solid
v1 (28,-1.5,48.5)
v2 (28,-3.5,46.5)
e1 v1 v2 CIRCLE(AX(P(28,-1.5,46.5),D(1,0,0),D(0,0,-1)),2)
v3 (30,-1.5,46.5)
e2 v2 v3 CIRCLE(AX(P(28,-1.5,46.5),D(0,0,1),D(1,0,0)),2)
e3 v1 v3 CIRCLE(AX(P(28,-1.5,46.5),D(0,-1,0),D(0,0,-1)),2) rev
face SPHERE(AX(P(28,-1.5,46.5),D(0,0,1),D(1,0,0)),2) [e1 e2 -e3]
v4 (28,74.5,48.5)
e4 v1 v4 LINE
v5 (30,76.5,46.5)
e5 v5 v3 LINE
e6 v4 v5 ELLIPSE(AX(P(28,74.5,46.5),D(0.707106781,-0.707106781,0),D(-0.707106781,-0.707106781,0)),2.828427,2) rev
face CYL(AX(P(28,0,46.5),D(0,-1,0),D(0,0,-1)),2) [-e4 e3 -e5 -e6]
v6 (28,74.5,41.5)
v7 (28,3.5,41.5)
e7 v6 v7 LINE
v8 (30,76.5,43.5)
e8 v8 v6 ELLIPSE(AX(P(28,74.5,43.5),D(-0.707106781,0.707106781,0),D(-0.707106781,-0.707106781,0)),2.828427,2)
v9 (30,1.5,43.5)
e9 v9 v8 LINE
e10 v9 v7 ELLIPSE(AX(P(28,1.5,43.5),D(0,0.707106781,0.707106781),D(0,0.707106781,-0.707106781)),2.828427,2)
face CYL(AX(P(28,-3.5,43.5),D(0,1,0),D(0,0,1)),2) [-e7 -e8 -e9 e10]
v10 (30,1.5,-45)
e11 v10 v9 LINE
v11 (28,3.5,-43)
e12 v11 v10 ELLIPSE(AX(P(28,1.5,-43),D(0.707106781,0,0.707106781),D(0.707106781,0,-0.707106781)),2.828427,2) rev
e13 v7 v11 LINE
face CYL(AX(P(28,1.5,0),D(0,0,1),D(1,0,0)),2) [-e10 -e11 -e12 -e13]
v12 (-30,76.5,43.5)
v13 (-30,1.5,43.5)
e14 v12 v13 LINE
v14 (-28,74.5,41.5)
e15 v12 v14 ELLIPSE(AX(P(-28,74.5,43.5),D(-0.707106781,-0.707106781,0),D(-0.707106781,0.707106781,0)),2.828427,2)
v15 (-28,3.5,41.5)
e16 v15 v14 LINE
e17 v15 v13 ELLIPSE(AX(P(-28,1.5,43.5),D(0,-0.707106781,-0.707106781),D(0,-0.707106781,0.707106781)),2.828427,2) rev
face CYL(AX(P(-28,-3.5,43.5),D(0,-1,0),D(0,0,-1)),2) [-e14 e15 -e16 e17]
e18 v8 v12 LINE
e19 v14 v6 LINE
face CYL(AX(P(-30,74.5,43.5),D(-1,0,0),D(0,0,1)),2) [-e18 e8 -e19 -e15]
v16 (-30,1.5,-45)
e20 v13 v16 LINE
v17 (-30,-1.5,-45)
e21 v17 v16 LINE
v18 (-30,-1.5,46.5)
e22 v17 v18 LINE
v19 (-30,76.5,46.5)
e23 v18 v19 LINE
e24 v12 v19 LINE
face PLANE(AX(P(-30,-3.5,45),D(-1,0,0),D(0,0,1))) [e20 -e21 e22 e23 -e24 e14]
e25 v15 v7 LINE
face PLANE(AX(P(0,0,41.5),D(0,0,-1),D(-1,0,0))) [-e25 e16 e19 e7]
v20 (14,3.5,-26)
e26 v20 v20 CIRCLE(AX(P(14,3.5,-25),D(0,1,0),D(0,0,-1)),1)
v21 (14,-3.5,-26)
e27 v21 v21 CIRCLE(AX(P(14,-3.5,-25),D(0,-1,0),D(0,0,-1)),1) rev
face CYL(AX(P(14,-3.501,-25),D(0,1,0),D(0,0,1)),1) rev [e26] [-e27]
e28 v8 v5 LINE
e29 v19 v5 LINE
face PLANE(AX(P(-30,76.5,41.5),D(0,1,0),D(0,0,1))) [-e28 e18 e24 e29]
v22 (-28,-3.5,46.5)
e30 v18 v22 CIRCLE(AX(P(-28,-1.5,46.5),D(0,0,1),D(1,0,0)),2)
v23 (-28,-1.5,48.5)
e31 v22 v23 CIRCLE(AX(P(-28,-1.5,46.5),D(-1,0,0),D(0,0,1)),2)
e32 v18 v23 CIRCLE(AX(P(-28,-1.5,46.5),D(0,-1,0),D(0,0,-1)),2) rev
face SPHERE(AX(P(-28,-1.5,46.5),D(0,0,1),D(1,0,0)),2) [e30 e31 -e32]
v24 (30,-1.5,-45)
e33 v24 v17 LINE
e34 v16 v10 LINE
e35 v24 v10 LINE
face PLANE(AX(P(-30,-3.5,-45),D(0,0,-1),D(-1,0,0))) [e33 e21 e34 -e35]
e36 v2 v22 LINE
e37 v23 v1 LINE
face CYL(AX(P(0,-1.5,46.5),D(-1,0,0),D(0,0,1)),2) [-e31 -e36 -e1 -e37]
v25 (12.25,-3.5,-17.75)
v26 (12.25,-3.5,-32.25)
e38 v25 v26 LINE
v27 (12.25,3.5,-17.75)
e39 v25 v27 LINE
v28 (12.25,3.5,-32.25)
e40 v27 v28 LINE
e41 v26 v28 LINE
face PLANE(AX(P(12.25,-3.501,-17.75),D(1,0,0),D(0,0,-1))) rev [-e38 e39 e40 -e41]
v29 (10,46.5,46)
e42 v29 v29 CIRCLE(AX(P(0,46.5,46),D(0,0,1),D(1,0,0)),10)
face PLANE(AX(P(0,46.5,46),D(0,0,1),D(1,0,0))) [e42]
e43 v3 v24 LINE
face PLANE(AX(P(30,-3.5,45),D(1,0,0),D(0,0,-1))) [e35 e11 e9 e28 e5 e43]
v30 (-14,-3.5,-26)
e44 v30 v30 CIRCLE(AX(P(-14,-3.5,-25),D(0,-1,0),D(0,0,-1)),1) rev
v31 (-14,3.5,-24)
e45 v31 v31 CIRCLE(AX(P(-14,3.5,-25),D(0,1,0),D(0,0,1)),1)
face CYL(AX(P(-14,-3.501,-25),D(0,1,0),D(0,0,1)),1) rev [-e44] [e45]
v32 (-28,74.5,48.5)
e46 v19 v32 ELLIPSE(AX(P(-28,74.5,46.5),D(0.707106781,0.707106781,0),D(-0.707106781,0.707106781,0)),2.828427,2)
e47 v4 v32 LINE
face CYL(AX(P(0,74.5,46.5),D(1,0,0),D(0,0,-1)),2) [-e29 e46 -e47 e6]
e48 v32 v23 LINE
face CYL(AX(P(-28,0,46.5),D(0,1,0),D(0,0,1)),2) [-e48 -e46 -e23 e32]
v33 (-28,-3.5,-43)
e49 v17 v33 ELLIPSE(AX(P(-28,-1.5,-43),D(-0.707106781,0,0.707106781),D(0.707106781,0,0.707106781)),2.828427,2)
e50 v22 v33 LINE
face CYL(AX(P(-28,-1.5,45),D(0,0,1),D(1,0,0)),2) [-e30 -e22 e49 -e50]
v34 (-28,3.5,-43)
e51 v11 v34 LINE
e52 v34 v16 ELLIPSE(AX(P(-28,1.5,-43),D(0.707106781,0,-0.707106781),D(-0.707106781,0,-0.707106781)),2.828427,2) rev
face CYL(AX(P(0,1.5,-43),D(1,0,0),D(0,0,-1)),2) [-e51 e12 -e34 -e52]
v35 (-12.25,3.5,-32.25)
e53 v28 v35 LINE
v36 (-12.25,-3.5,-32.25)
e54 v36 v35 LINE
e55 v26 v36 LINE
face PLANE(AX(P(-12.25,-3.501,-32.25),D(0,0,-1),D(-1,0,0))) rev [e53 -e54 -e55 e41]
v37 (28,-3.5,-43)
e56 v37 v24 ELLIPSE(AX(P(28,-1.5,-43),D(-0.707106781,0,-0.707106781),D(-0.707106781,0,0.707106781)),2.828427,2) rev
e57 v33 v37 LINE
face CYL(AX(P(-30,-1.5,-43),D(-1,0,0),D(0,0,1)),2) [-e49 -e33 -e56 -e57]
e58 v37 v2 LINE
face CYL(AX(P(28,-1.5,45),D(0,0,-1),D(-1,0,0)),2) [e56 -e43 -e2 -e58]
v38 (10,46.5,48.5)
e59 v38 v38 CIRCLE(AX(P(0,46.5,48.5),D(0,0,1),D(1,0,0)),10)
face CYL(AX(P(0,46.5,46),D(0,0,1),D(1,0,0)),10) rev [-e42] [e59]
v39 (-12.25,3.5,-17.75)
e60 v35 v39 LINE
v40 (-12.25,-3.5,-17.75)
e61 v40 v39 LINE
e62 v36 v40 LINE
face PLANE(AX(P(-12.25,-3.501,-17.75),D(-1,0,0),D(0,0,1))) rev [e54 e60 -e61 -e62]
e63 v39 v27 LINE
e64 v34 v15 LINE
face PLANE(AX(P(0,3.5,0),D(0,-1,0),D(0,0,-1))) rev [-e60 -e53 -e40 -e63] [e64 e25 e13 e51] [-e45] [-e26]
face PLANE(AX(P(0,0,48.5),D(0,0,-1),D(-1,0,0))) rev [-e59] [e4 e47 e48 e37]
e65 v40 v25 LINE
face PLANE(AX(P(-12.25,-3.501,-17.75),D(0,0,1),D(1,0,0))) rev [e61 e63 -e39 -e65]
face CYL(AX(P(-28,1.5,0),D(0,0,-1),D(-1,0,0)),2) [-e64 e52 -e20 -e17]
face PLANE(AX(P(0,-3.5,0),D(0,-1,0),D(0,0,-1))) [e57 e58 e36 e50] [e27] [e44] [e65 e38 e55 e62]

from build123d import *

# Parameters (mm, degrees)
BASE_DEPTH              = 3.5
BASE_DEPTH_BACK         = 3.5
CROQUIS1_W              = 60
CROQUIS1_H              = 90
AGUJERO_SERVO_REACH     = 56.534
CROQUIS2_R              = 1
CROQUIS2_W              = 24.5
CROQUIS2_H              = 14.5
PARED_DEPTH             = 3.5
PARED_DEPTH_BACK        = 3.5
CROQUIS3_W              = 60
CROQUIS3_H              = 80
REDONDEO2_R             = 2
CROQUIS4_R              = 10
RECORTENUEVOSERVO_DEPTH = 2.5


with BuildPart() as part:
    # Croquis1 → Base (new, two sides: drawn at the far end of the back side and taken through both)
    with BuildSketch(Plane(origin=(0, 0, 0), x_dir=(1, 0, 0), z_dir=(0, 1, 0)).offset(-BASE_DEPTH_BACK)):
        Rectangle(CROQUIS1_W, CROQUIS1_H)
    extrude(amount=BASE_DEPTH + BASE_DEPTH_BACK)

    # Croquis2 → Agujero Servo (cut, up to next)
    with BuildSketch(Plane(origin=(0, 3.5, 0), x_dir=(1, 0, 0), z_dir=(0, 1, 0)), mode=Mode.PRIVATE) as agujero_servo_sk1:
        with Locations((-14, 25)):
            Circle(CROQUIS2_R)
    agujero_servo_tool1 = extrude(agujero_servo_sk1.sketch, amount=-AGUJERO_SERVO_REACH, mode=Mode.PRIVATE) & part.part
    # Croquis2 → Agujero Servo (cut, up to next)
    with BuildSketch(Plane(origin=(0, 3.5, 0), x_dir=(1, 0, 0), z_dir=(0, 1, 0)), mode=Mode.PRIVATE) as agujero_servo_sk2:
        with Locations((14, 25)):
            Circle(CROQUIS2_R)
    agujero_servo_tool2 = extrude(agujero_servo_sk2.sketch, amount=-AGUJERO_SERVO_REACH, mode=Mode.PRIVATE) & part.part
    # Croquis2 → Agujero Servo (cut, up to next)
    with BuildSketch(Plane(origin=(0, 3.5, 0), x_dir=(1, 0, 0), z_dir=(0, 1, 0)), mode=Mode.PRIVATE) as agujero_servo_sk3:
        with Locations((0, 25)):
            Rectangle(CROQUIS2_W, CROQUIS2_H)
    agujero_servo_tool3 = extrude(agujero_servo_sk3.sketch, amount=-AGUJERO_SERVO_REACH, mode=Mode.PRIVATE) & part.part
    add(agujero_servo_tool1.solids().sort_by_distance((-14, 3.5, -25))[0], mode=Mode.SUBTRACT)
    add(agujero_servo_tool2.solids().sort_by_distance((14, 3.5, -25))[0], mode=Mode.SUBTRACT)
    add(agujero_servo_tool3.solids().sort_by_distance((0, 3.5, -25))[0], mode=Mode.SUBTRACT)

    # Croquis3 → Pared (add, two sides: drawn at the far end of the back side and taken through both)
    with BuildSketch(Plane.XY.offset(45).offset(-PARED_DEPTH_BACK)):
        with Locations((0, 36.5)):
            Rectangle(CROQUIS3_W, CROQUIS3_H)
    extrude(amount=PARED_DEPTH + PARED_DEPTH_BACK)

    # Redondeo2
    redondeo2_edges = [part.edges().sort_by_distance(p)[0] for p in [
        (0, 76.5, 48.5),
        (30, 36.5, 48.5),
        (0, -3.5, 48.5),
        (-30, 36.5, 48.5),
        (-30, 40, 41.5),
        (30, 40, 41.5),
        (0, 76.5, 41.5),
        (30, -3.5, 1.75),
        (30, 3.5, -1.75),
        (0, -3.5, -45),
        (0, 3.5, -45),
        (-30, -3.5, 1.75),
        (-30, 3.5, -1.75),
    ]]
    fillet(redondeo2_edges, radius=REDONDEO2_R)

    # Croquis4 → RecorteNuevoServo (cut)
    with BuildSketch(Plane.XY.offset(48.5)):
        with Locations((0, 46.5)):
            Circle(CROQUIS4_R)
    extrude(amount=-RECORTENUEVOSERVO_DEPTH, mode=Mode.SUBTRACT)


solid = part.part
